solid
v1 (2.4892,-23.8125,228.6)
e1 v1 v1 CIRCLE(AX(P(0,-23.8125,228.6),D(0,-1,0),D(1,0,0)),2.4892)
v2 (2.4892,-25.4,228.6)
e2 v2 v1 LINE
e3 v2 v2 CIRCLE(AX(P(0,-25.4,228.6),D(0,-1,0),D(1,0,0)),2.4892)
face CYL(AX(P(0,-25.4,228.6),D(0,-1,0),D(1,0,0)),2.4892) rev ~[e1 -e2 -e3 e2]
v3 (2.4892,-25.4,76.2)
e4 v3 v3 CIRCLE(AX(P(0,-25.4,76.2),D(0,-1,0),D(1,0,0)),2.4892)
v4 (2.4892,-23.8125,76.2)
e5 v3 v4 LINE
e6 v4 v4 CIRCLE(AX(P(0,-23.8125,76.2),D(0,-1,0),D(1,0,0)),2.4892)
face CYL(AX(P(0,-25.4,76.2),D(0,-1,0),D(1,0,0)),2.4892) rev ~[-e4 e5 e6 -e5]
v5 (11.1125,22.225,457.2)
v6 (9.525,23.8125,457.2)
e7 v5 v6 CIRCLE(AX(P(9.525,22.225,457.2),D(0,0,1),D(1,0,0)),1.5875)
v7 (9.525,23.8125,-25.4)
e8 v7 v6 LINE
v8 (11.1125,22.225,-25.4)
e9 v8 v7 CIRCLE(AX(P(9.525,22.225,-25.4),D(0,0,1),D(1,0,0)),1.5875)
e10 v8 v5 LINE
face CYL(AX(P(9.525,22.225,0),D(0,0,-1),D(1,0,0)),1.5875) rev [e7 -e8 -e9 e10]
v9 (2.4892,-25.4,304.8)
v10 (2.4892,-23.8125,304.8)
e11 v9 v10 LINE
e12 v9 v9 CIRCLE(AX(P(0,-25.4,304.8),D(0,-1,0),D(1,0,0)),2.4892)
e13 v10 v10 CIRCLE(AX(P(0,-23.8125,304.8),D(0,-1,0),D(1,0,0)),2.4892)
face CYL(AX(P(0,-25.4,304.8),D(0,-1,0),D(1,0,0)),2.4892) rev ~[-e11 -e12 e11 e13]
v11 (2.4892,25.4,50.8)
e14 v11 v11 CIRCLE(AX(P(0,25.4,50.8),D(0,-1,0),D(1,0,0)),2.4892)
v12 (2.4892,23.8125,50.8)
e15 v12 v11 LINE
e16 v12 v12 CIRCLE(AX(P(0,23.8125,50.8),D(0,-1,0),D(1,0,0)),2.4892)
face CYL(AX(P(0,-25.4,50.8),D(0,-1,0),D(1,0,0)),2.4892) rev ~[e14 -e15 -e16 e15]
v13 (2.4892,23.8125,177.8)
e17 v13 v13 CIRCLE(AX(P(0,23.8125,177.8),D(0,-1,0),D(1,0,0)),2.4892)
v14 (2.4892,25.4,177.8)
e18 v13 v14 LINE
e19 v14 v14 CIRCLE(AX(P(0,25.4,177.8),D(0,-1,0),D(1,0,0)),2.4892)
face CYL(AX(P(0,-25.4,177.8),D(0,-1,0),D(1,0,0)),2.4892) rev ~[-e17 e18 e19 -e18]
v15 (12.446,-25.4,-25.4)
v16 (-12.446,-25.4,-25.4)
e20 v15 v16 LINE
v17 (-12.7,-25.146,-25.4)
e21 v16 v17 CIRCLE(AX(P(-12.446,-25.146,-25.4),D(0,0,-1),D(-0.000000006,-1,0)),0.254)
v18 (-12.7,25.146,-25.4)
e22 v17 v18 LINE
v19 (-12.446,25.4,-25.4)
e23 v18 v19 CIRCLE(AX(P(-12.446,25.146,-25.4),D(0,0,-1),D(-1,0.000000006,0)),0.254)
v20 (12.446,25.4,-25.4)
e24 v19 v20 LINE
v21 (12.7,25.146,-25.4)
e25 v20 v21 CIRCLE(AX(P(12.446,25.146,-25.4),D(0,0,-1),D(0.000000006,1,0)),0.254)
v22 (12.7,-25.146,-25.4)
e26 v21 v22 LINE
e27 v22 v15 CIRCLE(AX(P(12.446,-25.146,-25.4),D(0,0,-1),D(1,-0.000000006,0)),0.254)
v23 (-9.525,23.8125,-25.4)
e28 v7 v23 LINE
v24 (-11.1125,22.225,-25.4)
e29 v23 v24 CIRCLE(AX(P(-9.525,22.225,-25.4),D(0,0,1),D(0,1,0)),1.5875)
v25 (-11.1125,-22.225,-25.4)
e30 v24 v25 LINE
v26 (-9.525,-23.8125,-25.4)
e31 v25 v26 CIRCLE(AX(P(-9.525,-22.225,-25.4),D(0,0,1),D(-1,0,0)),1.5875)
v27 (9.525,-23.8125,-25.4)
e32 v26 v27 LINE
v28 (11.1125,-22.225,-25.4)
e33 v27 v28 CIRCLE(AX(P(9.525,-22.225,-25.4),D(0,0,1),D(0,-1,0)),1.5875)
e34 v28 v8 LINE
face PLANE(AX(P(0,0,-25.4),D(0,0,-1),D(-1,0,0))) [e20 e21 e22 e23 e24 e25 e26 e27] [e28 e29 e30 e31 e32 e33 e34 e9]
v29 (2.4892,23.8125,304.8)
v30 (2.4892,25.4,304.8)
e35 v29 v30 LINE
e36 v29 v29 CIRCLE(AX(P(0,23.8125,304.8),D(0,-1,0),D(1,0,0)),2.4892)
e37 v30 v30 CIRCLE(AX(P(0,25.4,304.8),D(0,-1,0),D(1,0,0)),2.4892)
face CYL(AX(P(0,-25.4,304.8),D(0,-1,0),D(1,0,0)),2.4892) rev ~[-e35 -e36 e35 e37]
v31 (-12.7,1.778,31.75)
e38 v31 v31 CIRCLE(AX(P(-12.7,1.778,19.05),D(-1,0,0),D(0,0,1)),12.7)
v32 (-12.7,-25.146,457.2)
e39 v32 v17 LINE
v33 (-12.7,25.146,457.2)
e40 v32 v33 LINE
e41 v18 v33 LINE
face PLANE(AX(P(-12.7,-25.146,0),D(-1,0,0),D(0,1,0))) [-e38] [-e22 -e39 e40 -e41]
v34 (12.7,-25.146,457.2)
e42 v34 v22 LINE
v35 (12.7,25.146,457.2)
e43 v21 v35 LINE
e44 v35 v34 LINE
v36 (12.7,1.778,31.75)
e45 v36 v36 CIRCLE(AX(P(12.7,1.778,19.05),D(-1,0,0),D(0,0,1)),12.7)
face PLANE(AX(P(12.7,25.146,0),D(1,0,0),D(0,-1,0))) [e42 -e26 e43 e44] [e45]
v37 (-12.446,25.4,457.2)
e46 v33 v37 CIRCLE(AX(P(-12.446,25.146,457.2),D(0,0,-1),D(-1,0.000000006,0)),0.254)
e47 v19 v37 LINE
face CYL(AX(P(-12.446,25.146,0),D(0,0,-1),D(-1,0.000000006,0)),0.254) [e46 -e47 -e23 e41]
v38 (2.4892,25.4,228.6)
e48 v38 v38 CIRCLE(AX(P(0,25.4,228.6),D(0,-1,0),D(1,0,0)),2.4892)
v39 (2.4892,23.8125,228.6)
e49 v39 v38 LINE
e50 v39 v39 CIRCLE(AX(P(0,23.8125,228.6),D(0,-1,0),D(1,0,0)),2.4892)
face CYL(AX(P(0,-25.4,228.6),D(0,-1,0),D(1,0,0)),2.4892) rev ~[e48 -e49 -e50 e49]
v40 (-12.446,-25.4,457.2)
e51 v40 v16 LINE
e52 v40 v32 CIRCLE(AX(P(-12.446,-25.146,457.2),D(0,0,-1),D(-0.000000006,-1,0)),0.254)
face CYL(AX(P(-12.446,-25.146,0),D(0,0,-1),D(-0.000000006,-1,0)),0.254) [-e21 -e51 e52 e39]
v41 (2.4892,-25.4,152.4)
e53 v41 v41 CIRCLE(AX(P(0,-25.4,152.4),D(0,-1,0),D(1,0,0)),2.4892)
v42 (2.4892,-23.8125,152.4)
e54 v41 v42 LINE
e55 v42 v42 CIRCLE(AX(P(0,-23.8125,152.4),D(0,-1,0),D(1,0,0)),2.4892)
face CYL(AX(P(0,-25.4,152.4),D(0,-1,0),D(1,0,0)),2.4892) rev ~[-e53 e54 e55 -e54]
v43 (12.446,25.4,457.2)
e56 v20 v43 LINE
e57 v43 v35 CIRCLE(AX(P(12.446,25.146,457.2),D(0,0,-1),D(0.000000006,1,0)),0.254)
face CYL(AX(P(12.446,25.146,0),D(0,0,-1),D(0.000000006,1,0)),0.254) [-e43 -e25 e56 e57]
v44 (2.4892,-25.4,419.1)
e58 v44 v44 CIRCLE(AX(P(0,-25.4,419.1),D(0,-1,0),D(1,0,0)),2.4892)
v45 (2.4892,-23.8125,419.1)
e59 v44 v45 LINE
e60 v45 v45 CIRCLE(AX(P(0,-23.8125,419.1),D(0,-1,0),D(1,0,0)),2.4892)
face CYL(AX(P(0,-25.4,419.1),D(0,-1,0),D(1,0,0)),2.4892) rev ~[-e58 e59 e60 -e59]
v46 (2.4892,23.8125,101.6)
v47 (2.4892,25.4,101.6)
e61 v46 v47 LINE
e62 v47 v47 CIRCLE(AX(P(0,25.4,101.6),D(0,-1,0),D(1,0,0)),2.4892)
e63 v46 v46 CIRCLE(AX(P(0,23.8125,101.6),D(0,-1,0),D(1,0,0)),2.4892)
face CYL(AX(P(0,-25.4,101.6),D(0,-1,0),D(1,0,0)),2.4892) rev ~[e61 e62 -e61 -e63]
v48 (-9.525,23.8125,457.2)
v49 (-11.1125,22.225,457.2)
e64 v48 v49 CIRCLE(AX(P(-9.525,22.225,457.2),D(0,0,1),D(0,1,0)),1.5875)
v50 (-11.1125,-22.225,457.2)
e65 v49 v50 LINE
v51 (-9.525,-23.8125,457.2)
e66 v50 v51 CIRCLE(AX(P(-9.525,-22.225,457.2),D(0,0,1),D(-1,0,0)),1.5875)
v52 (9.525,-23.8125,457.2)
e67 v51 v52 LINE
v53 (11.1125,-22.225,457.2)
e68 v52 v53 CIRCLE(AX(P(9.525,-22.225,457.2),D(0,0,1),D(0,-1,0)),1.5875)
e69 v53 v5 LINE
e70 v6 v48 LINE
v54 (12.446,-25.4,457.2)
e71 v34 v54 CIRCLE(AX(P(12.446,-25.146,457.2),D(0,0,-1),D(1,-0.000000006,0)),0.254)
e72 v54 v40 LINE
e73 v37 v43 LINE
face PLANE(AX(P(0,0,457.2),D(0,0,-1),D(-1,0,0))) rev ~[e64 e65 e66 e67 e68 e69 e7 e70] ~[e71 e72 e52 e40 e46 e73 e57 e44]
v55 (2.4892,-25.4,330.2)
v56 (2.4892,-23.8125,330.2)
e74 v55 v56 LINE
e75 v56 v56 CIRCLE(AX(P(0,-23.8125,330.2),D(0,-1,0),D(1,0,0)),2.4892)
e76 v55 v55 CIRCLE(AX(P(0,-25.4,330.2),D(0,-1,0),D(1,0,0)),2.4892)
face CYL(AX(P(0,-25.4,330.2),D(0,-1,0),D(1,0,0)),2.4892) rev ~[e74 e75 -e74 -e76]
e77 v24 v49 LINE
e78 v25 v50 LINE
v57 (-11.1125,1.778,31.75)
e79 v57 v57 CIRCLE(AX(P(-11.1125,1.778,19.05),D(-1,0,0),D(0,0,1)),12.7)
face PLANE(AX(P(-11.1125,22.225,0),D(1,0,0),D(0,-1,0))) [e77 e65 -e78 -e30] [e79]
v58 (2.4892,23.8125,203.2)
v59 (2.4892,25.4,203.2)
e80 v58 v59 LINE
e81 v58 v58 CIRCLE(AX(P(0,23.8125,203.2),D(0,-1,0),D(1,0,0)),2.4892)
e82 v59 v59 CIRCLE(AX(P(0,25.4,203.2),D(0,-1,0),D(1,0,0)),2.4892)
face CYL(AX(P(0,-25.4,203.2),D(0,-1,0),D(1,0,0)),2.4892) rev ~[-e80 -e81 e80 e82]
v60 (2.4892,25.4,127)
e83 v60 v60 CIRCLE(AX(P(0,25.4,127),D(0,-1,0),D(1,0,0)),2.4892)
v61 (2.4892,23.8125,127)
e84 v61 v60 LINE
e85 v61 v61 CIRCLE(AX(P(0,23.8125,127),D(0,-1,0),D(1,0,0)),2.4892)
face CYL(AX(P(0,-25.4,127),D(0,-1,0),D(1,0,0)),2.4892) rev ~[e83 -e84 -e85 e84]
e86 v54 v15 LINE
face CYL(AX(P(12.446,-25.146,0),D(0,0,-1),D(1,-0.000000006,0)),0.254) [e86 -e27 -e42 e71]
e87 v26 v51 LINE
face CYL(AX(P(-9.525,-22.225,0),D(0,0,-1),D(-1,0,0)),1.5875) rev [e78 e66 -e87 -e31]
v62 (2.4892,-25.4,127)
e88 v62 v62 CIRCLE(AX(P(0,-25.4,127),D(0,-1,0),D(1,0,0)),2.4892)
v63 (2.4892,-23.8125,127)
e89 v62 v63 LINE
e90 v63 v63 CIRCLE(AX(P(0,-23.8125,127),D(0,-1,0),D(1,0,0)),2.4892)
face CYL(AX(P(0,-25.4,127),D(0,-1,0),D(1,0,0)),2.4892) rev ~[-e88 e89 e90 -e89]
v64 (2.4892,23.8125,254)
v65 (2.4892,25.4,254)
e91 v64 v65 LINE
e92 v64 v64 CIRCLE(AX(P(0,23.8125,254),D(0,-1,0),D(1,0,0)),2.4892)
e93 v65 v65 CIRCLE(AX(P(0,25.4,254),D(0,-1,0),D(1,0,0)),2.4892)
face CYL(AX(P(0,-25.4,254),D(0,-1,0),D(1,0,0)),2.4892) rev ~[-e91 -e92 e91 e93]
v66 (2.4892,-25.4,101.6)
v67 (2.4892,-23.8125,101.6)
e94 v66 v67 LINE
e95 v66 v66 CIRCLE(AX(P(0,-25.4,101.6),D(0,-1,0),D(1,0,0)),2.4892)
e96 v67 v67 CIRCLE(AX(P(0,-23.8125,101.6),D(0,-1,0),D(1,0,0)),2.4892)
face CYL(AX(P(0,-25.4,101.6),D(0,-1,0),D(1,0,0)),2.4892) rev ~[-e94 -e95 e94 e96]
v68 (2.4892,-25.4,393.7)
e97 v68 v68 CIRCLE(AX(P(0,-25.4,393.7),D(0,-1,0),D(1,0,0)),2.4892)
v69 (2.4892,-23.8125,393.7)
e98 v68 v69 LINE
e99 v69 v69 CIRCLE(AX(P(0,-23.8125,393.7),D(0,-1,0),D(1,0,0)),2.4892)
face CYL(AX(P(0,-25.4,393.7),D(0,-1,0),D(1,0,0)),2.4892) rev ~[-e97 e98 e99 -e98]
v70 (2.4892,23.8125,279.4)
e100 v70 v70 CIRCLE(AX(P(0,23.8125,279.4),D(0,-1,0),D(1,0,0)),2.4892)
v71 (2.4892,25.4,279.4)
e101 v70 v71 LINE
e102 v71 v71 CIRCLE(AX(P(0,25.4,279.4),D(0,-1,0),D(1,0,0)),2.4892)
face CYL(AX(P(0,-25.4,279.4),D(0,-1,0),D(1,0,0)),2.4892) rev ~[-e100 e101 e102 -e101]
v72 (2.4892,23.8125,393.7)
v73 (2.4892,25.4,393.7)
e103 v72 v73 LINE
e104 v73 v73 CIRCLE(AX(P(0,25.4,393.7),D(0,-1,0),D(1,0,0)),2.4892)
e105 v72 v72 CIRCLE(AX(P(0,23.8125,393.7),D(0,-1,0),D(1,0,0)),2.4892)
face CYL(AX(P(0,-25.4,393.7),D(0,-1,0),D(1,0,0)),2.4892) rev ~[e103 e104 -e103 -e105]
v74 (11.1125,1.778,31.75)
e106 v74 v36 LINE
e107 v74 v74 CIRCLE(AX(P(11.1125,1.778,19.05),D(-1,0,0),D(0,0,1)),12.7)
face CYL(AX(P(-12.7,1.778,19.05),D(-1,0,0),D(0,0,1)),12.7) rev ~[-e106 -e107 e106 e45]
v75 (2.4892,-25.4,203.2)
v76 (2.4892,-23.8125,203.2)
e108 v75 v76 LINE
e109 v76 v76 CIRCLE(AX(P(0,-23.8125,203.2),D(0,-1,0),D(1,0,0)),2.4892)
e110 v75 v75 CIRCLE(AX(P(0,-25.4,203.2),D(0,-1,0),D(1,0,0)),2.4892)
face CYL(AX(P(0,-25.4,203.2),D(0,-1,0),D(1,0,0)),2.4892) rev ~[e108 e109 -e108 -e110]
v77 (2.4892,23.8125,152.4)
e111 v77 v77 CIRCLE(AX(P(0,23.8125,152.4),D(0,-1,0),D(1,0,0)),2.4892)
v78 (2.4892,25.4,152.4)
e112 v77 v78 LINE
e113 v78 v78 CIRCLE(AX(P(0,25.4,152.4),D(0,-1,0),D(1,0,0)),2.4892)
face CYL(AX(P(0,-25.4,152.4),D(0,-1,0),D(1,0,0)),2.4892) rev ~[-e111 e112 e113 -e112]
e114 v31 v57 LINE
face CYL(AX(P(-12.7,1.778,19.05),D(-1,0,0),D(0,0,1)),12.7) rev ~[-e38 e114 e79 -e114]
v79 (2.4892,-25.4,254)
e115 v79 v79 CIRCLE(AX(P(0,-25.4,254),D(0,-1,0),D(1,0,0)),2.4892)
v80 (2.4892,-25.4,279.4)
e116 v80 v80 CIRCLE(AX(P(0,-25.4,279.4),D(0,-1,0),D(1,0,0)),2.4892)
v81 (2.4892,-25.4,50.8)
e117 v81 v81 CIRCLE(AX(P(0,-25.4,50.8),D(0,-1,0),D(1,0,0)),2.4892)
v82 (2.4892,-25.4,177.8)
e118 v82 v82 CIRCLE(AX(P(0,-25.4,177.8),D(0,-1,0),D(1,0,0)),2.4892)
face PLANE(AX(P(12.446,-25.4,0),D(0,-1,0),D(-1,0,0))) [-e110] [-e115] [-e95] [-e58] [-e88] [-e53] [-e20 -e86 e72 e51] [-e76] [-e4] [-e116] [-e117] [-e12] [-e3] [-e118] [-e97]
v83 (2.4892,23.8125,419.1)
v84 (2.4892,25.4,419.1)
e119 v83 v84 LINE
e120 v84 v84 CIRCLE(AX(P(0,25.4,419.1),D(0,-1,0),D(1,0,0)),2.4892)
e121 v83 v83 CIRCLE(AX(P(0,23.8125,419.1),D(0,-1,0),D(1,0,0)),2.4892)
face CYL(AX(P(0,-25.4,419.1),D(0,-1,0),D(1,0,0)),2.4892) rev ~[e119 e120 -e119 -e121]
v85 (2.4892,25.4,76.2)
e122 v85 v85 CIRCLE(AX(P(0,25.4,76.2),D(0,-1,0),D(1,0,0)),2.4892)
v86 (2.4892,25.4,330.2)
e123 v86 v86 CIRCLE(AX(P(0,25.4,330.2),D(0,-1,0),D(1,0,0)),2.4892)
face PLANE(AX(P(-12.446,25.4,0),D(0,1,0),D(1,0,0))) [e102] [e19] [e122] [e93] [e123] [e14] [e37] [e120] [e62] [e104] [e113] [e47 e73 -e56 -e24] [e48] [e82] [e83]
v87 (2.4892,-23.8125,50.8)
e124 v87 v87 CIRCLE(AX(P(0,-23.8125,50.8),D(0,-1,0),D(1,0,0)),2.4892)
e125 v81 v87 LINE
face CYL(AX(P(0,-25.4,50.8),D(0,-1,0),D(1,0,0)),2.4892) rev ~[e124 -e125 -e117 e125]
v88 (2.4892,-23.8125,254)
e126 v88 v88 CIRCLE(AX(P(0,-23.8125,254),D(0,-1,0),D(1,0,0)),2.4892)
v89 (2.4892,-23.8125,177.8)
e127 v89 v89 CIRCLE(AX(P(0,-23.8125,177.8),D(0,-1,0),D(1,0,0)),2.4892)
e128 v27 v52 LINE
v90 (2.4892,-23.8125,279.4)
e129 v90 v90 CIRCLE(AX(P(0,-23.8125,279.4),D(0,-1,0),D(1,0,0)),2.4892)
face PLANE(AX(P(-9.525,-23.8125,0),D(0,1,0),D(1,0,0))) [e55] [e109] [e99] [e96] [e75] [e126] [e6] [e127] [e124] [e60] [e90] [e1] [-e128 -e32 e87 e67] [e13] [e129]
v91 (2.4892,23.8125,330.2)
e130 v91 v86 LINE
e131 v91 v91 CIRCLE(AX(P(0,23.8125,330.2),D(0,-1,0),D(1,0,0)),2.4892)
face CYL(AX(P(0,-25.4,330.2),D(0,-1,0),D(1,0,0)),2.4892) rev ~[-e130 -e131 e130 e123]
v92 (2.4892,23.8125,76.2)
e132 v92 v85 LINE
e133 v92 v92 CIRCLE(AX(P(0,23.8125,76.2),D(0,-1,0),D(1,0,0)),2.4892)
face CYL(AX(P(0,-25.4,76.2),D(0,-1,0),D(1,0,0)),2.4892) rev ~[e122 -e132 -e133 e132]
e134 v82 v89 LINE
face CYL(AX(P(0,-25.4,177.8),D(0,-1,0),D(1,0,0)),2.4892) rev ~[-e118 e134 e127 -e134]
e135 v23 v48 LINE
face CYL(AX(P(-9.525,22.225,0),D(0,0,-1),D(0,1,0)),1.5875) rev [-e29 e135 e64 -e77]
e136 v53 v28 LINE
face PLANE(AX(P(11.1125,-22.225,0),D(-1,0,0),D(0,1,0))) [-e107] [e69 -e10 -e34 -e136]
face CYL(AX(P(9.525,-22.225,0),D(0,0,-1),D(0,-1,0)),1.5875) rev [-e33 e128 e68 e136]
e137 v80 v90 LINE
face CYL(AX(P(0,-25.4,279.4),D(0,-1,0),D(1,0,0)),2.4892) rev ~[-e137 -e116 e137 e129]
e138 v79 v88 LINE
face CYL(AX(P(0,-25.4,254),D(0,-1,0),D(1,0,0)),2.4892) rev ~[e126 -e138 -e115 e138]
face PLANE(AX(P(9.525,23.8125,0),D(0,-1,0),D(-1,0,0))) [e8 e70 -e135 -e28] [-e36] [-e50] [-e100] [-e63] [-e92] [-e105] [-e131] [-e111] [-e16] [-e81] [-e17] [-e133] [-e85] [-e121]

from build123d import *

# Parameters (mm, degrees)
BOSS_EXTRUDE1_DEPTH      = 25.4
BOSS_EXTRUDE1_DEPTH_BACK = 457.2
SKETCH2_R                = 12.7
CUT_EXTRUDE1_DEPTH       = 25.4
SKETCH3_R                = 2.4892
CUT_EXTRUDE2_DEPTH       = 1
CUT_EXTRUDE2_DEPTH_BACK  = 51.8


with BuildPart() as part:
    # Sketch1 → Boss-Extrude1 (new body, two sides)
    with BuildSketch(Plane(origin=(0, 0, 0), x_dir=(-1, 0, 0), z_dir=(0, 0, -1))) as boss_extrude1_sk:
        with BuildLine():
            Line((-12.7, 25.146), (-12.7, -25.146))
            ThreePointArc((-12.7, -25.146), (-12.625605122, -25.325605122), (-12.446, -25.4))
            Line((-12.446, -25.4), (12.446, -25.4))
            ThreePointArc((12.446, -25.4), (12.625605122, -25.325605122), (12.7, -25.146))
            Line((12.7, -25.146), (12.7, 25.146))
            ThreePointArc((12.7, 25.146), (12.625605122, 25.325605122), (12.446, 25.4))
            Line((12.446, 25.4), (-12.446, 25.4))
            ThreePointArc((-12.446, 25.4), (-12.625605122, 25.325605122), (-12.7, 25.146))
        make_face()
        with BuildLine():
            Line((-11.1125, -22.225), (-11.1125, 22.225))
            ThreePointArc((-11.1125, 22.225), (-10.647532015, 23.347532015), (-9.525, 23.8125))
            Line((-9.525, 23.8125), (9.525, 23.8125))
            ThreePointArc((9.525, 23.8125), (10.647532015, 23.347532015), (11.1125, 22.225))
            Line((11.1125, 22.225), (11.1125, -22.225))
            ThreePointArc((11.1125, -22.225), (10.647532015, -23.347532015), (9.525, -23.8125))
            Line((9.525, -23.8125), (-9.525, -23.8125))
            ThreePointArc((-9.525, -23.8125), (-10.647532015, -23.347532015), (-11.1125, -22.225))
        make_face(mode=Mode.SUBTRACT)
    extrude(amount=BOSS_EXTRUDE1_DEPTH)
    extrude(boss_extrude1_sk.sketch, amount=-BOSS_EXTRUDE1_DEPTH_BACK)

    # Sketch2 → Cut-Extrude1 (cut)
    with BuildSketch(Plane.ZY.offset(12.7)):
        with Locations((19.05, 1.778)):
            Circle(SKETCH2_R)
    extrude(amount=-CUT_EXTRUDE1_DEPTH, mode=Mode.SUBTRACT)

    # Sketch3 → Cut-Extrude2 (cut, two sides)
    with BuildSketch(Plane.XZ.offset(25.4)) as cut_extrude2_sk:
        with Locations((0, 50.8)):
            Circle(SKETCH3_R)
        with Locations((0, 76.2)):
            Circle(SKETCH3_R)
        with Locations((0, 101.6)):
            Circle(SKETCH3_R)
        with Locations((0, 127)):
            Circle(SKETCH3_R)
        with Locations((0, 152.4)):
            Circle(SKETCH3_R)
        with Locations((0, 177.8)):
            Circle(SKETCH3_R)
        with Locations((0, 203.2)):
            Circle(SKETCH3_R)
        with Locations((0, 228.6)):
            Circle(SKETCH3_R)
        with Locations((0, 254)):
            Circle(SKETCH3_R)
        with Locations((0, 279.4)):
            Circle(SKETCH3_R)
        with Locations((0, 304.8)):
            Circle(SKETCH3_R)
        with Locations((0, 393.7)):
            Circle(SKETCH3_R)
        with Locations((0, 419.1)):
            Circle(SKETCH3_R)
        with Locations((0, 330.2)):
            Circle(SKETCH3_R)
    extrude(amount=CUT_EXTRUDE2_DEPTH, mode=Mode.SUBTRACT)
    extrude(cut_extrude2_sk.sketch, amount=-CUT_EXTRUDE2_DEPTH_BACK, mode=Mode.SUBTRACT)


solid = part.part
